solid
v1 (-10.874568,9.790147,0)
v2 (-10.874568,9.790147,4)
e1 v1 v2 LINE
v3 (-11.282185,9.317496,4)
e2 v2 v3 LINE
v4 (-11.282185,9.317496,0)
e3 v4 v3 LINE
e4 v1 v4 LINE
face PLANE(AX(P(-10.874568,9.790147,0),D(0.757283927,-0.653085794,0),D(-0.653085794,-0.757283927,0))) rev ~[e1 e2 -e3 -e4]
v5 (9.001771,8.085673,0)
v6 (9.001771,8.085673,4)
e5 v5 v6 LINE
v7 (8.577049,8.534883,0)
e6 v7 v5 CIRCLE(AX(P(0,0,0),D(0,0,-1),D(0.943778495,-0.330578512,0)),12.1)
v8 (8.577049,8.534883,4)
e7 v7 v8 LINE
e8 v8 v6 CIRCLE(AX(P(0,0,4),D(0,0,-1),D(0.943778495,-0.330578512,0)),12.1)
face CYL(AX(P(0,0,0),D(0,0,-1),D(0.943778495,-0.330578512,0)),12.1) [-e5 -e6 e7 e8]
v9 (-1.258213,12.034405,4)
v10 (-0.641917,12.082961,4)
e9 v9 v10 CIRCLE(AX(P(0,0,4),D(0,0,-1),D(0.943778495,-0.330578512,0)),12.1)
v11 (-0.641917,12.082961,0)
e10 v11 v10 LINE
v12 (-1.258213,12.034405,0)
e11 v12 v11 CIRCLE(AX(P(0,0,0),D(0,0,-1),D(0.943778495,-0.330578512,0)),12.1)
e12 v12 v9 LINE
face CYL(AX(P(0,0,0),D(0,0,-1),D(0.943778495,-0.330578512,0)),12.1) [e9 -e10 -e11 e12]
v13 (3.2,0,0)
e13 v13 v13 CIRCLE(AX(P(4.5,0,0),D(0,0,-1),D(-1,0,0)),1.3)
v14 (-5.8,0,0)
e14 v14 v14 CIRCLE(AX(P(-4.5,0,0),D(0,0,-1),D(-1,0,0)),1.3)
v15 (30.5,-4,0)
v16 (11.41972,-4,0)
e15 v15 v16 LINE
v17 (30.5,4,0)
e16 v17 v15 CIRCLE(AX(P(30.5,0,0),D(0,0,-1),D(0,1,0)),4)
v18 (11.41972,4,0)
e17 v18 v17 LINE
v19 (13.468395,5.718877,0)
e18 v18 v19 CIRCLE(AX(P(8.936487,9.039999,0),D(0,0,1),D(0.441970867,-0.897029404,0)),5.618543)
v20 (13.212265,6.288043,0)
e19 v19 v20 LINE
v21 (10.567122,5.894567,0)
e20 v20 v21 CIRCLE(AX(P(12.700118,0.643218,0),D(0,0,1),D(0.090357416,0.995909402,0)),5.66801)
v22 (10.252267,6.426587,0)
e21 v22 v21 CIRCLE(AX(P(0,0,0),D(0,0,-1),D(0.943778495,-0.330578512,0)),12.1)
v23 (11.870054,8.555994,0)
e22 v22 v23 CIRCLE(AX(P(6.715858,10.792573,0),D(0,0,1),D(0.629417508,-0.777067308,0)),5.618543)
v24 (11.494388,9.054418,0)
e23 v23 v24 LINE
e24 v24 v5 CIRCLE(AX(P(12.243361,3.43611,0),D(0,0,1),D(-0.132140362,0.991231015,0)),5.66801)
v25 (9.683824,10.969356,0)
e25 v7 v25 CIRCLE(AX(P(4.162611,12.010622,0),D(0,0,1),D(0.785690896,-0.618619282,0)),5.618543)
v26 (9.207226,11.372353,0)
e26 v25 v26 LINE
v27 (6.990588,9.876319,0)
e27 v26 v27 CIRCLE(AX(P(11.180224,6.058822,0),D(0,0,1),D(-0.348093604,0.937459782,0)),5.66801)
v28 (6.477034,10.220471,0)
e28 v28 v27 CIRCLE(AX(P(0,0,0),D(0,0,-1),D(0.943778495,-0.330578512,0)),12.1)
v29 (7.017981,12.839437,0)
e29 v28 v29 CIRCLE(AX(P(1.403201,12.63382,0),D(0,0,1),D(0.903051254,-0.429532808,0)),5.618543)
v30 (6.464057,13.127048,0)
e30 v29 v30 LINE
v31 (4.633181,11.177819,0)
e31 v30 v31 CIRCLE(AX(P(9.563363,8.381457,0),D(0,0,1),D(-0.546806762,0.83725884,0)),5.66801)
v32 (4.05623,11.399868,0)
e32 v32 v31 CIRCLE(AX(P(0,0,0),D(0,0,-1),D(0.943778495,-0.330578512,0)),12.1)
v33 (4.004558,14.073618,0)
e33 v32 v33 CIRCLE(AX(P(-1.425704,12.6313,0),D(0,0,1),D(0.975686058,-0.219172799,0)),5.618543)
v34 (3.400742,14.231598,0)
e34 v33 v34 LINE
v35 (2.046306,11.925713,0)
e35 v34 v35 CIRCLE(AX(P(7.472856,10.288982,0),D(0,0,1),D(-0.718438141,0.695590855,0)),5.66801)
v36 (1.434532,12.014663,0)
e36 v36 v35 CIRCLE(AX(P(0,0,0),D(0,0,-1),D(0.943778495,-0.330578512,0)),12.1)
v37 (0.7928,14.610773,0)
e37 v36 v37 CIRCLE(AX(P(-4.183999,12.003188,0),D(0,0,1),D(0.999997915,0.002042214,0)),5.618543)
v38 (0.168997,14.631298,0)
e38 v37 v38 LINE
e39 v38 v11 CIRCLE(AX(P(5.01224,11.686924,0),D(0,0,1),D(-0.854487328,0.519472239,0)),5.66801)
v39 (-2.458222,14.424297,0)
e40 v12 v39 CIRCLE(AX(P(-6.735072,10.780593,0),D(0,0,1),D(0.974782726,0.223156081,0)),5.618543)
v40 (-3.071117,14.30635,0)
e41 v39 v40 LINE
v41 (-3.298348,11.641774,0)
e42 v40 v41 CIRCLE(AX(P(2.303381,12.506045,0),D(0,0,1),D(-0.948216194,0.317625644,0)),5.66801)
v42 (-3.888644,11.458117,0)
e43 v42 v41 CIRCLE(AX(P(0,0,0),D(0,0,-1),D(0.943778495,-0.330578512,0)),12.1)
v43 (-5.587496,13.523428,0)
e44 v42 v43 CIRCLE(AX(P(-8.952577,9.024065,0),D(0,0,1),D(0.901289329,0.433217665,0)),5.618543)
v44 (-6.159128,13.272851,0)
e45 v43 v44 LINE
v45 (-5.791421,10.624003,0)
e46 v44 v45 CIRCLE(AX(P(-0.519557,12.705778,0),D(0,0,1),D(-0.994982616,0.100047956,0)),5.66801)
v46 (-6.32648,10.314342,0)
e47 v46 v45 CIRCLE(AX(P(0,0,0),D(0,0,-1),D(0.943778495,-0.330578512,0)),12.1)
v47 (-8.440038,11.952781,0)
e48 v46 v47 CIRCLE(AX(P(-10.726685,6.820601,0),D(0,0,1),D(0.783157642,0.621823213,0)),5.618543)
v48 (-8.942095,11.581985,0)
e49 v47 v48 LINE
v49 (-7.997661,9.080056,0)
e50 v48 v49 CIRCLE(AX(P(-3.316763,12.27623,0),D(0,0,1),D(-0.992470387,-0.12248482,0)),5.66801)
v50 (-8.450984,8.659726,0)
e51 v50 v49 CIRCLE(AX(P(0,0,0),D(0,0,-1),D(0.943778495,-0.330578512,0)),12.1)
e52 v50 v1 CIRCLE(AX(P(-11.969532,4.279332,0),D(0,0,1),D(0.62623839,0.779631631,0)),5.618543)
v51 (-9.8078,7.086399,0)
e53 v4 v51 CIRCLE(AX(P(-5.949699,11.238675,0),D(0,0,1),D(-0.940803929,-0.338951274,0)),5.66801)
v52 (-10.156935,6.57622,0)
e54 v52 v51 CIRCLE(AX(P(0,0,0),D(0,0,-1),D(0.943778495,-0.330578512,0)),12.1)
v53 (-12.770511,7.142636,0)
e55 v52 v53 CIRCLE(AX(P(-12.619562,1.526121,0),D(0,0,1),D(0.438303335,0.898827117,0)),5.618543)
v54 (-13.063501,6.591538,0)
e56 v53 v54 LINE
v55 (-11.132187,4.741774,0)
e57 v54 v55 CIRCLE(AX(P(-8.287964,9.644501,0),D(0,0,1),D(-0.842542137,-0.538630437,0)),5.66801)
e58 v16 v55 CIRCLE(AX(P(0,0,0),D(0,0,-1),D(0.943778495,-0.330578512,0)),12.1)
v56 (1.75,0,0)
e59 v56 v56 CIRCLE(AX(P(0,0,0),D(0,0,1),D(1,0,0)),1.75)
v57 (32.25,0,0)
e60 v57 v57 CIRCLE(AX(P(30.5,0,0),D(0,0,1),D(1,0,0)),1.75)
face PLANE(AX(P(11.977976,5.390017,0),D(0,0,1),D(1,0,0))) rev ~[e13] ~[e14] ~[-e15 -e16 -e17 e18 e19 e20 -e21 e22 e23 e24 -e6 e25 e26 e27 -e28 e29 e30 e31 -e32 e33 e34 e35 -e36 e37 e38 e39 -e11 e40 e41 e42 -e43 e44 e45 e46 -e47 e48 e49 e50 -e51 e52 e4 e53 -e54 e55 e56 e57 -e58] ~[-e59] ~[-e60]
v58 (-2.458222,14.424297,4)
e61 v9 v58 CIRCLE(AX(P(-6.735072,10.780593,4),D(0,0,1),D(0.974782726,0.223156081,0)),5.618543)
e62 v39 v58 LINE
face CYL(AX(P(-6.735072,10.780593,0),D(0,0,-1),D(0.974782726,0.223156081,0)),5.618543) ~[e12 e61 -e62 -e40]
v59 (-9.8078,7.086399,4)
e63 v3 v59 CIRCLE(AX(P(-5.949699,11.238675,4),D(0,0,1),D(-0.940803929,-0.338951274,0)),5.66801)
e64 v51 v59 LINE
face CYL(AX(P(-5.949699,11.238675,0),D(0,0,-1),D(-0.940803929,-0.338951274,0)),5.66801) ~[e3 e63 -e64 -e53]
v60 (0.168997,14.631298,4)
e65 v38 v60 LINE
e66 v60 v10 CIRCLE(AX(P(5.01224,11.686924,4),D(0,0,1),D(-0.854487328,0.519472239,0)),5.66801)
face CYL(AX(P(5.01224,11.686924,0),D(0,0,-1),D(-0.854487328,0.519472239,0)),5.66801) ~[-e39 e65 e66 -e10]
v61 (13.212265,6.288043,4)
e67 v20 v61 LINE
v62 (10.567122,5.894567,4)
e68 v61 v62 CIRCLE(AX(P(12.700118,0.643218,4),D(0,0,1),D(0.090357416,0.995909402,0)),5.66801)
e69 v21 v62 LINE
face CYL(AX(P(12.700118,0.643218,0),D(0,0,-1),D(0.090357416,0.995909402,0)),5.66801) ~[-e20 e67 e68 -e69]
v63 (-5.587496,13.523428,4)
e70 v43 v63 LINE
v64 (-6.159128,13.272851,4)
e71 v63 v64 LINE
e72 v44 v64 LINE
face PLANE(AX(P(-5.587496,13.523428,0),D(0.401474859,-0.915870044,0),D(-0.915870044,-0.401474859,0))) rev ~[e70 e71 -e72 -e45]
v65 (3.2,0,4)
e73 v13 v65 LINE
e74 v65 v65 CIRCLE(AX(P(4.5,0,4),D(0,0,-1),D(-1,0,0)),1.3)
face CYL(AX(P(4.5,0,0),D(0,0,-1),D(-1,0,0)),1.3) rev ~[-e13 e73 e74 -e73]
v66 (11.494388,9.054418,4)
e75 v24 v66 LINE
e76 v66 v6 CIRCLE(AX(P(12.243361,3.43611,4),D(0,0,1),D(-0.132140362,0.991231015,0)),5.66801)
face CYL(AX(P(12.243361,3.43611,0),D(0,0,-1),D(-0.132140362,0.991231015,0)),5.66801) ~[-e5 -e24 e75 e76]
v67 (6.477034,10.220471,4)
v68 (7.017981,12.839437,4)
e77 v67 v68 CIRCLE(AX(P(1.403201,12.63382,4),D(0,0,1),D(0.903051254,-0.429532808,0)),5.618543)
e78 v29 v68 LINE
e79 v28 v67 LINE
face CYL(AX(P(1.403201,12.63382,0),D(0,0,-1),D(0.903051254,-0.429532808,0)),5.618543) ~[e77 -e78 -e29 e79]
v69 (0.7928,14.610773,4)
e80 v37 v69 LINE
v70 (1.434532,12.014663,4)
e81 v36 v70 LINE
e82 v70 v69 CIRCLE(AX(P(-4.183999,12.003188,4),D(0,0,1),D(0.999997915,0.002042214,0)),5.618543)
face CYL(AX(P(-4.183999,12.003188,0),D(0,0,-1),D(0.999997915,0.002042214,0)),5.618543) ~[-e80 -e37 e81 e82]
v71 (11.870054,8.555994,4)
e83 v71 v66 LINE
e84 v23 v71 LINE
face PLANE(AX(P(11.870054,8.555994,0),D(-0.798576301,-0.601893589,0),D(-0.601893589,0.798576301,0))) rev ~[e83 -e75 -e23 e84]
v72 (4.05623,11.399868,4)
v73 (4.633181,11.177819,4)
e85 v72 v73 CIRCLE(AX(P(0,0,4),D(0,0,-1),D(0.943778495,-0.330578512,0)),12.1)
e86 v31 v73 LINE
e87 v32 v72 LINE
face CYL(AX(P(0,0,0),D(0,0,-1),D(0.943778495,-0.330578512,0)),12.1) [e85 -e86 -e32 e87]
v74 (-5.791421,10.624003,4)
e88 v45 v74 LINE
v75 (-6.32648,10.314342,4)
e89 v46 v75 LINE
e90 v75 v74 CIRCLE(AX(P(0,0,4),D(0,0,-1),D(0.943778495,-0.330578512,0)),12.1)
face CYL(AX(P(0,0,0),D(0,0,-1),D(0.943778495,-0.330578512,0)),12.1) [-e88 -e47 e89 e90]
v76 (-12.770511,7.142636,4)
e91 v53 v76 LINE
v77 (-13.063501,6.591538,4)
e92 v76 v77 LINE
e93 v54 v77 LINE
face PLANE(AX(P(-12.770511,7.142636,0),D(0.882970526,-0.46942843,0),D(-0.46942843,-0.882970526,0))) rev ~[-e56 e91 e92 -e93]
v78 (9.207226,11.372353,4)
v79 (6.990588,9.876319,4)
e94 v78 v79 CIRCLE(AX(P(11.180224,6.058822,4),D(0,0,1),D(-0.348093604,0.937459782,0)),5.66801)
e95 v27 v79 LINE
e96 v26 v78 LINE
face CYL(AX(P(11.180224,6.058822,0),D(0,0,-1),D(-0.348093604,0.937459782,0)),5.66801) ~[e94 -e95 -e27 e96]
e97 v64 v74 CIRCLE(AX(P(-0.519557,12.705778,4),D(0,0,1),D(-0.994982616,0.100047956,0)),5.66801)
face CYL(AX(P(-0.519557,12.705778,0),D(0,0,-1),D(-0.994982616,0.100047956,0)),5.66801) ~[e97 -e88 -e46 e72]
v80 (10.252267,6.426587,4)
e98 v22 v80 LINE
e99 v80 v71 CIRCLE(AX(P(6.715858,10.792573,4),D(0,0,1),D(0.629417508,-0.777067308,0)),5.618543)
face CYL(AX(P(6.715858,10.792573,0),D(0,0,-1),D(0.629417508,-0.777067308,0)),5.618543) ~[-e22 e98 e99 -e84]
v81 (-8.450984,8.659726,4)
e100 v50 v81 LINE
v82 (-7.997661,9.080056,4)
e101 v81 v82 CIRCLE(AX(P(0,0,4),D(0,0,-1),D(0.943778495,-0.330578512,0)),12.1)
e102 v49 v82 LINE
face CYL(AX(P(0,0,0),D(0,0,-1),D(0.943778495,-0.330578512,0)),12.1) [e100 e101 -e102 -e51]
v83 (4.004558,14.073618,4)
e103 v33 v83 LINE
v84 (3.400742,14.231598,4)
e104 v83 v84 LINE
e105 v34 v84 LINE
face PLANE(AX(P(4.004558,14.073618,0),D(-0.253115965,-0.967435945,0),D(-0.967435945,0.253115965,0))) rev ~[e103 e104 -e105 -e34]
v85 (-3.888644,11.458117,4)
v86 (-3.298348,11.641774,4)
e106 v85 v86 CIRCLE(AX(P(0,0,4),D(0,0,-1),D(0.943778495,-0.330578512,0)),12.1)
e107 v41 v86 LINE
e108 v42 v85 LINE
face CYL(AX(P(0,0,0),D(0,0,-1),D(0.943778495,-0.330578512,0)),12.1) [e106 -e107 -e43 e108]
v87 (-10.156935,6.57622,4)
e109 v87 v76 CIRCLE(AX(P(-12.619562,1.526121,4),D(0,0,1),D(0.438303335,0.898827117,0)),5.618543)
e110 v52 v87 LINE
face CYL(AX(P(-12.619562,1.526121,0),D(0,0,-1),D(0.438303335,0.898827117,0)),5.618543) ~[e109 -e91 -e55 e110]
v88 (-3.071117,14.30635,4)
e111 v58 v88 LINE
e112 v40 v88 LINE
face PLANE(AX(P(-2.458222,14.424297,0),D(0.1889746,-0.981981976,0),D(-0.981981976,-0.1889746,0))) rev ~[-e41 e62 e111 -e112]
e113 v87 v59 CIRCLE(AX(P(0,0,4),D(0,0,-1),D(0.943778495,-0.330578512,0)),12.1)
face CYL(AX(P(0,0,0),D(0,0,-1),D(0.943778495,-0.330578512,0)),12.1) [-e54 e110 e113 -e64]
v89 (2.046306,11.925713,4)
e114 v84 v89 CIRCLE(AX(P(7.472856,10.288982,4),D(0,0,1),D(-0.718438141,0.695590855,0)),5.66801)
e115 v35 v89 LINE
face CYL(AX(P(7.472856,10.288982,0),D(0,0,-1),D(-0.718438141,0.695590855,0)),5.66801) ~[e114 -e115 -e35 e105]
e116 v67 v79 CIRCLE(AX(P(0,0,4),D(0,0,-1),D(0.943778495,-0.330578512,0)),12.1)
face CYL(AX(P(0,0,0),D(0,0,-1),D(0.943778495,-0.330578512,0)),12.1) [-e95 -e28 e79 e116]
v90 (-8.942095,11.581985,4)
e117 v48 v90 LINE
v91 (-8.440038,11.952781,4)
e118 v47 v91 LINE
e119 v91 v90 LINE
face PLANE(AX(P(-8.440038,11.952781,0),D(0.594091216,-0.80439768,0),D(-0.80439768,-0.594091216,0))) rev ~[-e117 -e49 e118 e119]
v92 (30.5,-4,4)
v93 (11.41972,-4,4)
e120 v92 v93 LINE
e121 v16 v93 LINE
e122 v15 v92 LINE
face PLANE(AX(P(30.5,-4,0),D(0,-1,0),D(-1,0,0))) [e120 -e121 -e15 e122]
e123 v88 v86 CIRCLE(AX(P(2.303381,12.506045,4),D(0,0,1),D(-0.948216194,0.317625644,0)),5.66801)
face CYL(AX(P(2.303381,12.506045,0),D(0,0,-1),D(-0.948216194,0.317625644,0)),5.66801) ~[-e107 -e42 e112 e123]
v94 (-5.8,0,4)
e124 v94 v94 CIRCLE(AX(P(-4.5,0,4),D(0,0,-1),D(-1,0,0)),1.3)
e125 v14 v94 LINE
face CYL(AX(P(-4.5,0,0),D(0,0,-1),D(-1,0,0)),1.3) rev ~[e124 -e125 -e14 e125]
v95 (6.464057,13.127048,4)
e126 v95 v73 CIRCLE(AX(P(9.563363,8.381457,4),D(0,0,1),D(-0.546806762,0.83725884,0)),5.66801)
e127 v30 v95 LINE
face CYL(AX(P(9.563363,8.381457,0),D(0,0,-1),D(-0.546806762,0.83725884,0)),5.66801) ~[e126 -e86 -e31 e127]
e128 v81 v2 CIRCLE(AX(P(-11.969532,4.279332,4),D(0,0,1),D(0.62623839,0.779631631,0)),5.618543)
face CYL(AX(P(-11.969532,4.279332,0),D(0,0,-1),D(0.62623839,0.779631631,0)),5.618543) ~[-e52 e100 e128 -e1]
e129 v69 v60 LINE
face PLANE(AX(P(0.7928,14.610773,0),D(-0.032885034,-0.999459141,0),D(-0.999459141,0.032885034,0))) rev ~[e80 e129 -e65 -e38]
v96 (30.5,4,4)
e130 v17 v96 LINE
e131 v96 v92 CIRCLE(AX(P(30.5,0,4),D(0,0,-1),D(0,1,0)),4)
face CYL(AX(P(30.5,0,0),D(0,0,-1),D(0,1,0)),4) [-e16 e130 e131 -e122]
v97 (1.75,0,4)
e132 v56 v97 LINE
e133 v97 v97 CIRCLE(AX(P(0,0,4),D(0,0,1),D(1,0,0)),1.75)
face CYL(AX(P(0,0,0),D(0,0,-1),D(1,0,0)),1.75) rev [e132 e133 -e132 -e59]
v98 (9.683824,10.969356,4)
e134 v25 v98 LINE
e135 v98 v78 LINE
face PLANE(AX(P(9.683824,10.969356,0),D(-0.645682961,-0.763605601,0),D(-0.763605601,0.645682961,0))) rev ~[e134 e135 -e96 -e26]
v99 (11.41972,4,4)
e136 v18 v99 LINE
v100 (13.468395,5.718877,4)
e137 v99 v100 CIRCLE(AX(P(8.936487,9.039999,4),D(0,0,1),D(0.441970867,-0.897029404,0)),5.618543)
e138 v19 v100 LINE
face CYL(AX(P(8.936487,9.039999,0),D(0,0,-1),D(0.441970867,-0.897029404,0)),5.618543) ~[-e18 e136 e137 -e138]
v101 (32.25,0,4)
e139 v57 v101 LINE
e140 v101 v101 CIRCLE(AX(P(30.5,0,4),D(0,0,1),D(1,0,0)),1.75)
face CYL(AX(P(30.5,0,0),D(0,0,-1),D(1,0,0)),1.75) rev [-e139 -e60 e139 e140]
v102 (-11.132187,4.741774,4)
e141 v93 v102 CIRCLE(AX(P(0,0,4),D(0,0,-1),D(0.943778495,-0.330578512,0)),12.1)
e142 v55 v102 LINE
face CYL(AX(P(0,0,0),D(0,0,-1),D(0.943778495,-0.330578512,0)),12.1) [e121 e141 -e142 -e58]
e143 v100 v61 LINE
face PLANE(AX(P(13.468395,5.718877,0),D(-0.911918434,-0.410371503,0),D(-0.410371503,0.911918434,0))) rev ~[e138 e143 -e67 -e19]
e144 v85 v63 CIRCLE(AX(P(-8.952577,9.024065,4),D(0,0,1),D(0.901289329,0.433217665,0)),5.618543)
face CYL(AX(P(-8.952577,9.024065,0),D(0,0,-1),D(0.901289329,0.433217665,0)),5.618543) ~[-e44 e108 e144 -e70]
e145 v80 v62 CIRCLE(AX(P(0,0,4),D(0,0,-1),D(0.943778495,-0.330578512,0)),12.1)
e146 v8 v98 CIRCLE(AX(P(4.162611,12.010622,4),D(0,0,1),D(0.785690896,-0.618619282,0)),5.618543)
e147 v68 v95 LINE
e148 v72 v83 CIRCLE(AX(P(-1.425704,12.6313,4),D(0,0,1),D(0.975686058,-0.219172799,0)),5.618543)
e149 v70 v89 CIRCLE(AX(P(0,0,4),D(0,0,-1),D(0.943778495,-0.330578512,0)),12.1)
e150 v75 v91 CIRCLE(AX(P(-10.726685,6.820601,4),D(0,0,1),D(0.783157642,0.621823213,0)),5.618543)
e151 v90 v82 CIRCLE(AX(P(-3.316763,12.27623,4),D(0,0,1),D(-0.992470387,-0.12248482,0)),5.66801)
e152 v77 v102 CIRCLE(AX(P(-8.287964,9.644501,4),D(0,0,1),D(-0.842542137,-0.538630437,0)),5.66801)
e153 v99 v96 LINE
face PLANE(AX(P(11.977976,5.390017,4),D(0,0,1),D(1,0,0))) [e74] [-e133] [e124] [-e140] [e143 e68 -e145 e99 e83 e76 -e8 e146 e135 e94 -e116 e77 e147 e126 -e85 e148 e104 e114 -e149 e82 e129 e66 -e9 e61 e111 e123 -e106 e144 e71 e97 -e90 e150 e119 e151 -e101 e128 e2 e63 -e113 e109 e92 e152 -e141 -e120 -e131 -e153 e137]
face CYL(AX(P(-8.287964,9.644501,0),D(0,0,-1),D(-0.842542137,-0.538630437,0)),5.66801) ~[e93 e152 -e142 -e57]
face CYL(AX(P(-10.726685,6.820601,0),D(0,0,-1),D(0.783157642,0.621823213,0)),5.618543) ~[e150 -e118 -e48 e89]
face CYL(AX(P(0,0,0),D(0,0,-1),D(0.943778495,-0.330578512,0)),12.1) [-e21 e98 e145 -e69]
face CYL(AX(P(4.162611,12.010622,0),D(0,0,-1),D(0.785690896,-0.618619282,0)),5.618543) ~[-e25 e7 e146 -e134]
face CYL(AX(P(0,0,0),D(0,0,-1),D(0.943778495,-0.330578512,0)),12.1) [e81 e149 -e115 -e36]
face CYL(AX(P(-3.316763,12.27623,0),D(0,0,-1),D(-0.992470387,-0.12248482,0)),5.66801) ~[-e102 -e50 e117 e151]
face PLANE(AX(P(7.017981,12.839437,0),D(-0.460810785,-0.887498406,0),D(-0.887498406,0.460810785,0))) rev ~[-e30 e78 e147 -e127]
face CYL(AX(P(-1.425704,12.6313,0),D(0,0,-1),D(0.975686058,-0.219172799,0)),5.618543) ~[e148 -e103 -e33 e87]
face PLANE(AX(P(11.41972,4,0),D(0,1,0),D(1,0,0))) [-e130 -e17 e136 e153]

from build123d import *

# Parameters (mm, degrees)
SKETCH1_R           = 1.75
BOSS_EXTRUDE2_DEPTH = 4
SKETCH2_R           = 1.3
CUT_EXTRUDE1_DEPTH  = 10


with BuildPart() as part:
    # Sketch1 → Boss-Extrude2 (new body)
    # profile 1 of 12: a face of its own
    with BuildSketch(Plane.XY):
        with BuildLine():
            Line((30.5, -4), (11.419719786, -4))
            ThreePointArc((11.419719786, -4), (-12.1, 0), (11.419719786, 4))
            Line((11.419719786, 4), (30.5, 4))
            ThreePointArc((30.5, 4), (34.5, 0), (30.5, -4))
        make_face()
        Circle(SKETCH1_R, mode=Mode.SUBTRACT)
        with Locations((30.5, 0)):
            Circle(SKETCH1_R, mode=Mode.SUBTRACT)
    # profile 2 of 12: a face of its own
    with BuildSketch(Plane.XY):
        with BuildLine():
            ThreePointArc((2.04630572, 11.925713098), (3.062574606, 11.706008576), (4.056229837, 11.399868399))
            ThreePointArc((4.056229837, 11.399868399), (4.191789848, 12.739862338), (4.004557713, 14.073618088))
            Line((4.004557713, 14.073618088), (3.400741544, 14.231598069))
            ThreePointArc((3.400741544, 14.231598069), (2.585583316, 13.159679272), (2.04630572, 11.925713098))
        make_face()
    # profile 3 of 12: a face of its own
    with BuildSketch(Plane.XY):
        with BuildLine():
            ThreePointArc((-0.641917286, 12.082960821), (0.397776079, 12.093459976), (1.434532317, 12.014662585))
            ThreePointArc((1.434532317, 12.014662585), (1.27037575, 13.351454601), (0.792800193, 14.610772615))
            Line((0.792800193, 14.610772615), (0.168997044, 14.631297504))
            ThreePointArc((0.168997044, 14.631297504), (-0.388904138, 13.405638858), (-0.641917286, 12.082960821))
        make_face()
    # profile 4 of 12: a face of its own
    with BuildSketch(Plane.XY):
        with BuildLine():
            ThreePointArc((-3.071117398, 14.306350498), (-3.344130279, 12.987655382), (-3.298347959, 11.641773952))
            ThreePointArc((-3.298347959, 11.641773952), (-2.286723162, 11.881956791), (-1.258213497, 12.034404796))
            ThreePointArc((-1.258213497, 12.034404796), (-1.713956435, 13.301787393), (-2.458222459, 14.424297241))
            Line((-2.458222459, 14.424297241), (-3.071117398, 14.306350498))
        make_face()
    # profile 5 of 12: a face of its own
    with BuildSketch(Plane.XY):
        with BuildLine():
            ThreePointArc((-6.159128153, 13.272850751), (-6.133731183, 11.926430371), (-5.791420864, 10.624003218))
            ThreePointArc((-5.791420864, 10.624003218), (-4.857967527, 11.08197417), (-3.888643585, 11.458117257))
            ThreePointArc((-3.888643585, 11.458117257), (-4.613401246, 12.593320589), (-5.587496363, 13.523427559))
            Line((-5.587496363, 13.523427559), (-6.159128153, 13.272850751))
        make_face()
    # profile 6 of 12: a face of its own
    with BuildSketch(Plane.XY):
        with BuildLine():
            ThreePointArc((-8.942094855, 11.581984556), (-8.619545875, 10.274523276), (-7.997661209, 9.080055902))
            ThreePointArc((-7.997661209, 9.080055902), (-7.188610613, 9.733132972), (-6.326480245, 10.314341845))
            ThreePointArc((-6.326480245, 10.314341845), (-7.28435745, 11.261142529), (-8.440037507, 11.952781076))
            Line((-8.440037507, 11.952781076), (-8.942094855, 11.581984556))
        make_face()
    # profile 7 of 12: a face of its own
    with BuildSketch(Plane.XY):
        with BuildLine():
            ThreePointArc((-11.2821851, 9.317495695), (-10.67845904, 8.113748343), (-9.807800202, 7.086399311))
            ThreePointArc((-9.807800202, 7.086399311), (-9.163222316, 7.902237454), (-8.450984381, 8.659726496))
            ThreePointArc((-8.450984381, 8.659726496), (-9.594540202, 9.371232193), (-10.874567661, 9.790147432))
            Line((-10.874567661, 9.790147432), (-11.2821851, 9.317495695))
        make_face()
    # profile 8 of 12: a face of its own
    with BuildSketch(Plane.XY):
        with BuildLine():
            ThreePointArc((-13.06350089, 6.591537844), (-12.208498581, 5.551122593), (-11.13218682, 4.741773571))
            ThreePointArc((-11.13218682, 4.741773571), (-10.684005749, 5.67996665), (-10.15693536, 6.576219589))
            ThreePointArc((-10.15693536, 6.576219589), (-11.42953274, 7.017191451), (-12.770511491, 7.142635705))
            Line((-12.770511491, 7.142635705), (-13.06350089, 6.591537844))
        make_face()
    # profile 9 of 12: a face of its own
    with BuildSketch(Plane.XY):
        with BuildLine():
            ThreePointArc((4.633181039, 11.177818815), (5.575692546, 10.738791954), (6.47703386, 10.22047124))
            ThreePointArc((6.47703386, 10.22047124), (6.905596548, 11.497301024), (7.017980909, 12.839437391))
            Line((7.017980909, 12.839437391), (6.464057014, 13.127048167))
            ThreePointArc((6.464057014, 13.127048167), (5.432014202, 12.2619583), (4.633181039, 11.177818815))
        make_face()
    # profile 10 of 12: a face of its own
    with BuildSketch(Plane.XY):
        with BuildLine():
            ThreePointArc((6.990588114, 9.876319042), (7.812662335, 9.239713591), (8.577048867, 8.534883288))
            ThreePointArc((8.577048867, 8.534883288), (9.277388744, 9.685311177), (9.683823524, 10.969355975))
            Line((9.683823524, 10.969355975), (9.207226173, 11.372353004))
            ThreePointArc((9.207226173, 11.372353004), (8.009412915, 10.7569375), (6.990588114, 9.876319042))
        make_face()
    # profile 11 of 12: a face of its own
    with BuildSketch(Plane.XY):
        with BuildLine():
            ThreePointArc((9.001771295, 8.085673352), (9.662693238, 7.283018563), (10.252267103, 6.426586905))
            ThreePointArc((10.252267103, 6.426586905), (11.189698333, 7.393635488), (11.870053976, 8.555993639))
            Line((11.870053976, 8.555993639), (11.494387677, 9.054417628))
            ThreePointArc((11.494387677, 9.054417628), (10.190128247, 8.719156263), (9.001771295, 8.085673352))
        make_face()
    # profile 12 of 12: a face of its own
    with BuildSketch(Plane.XY):
        with BuildLine():
            ThreePointArc((10.567122415, 5.894567319), (11.034158501, 4.965616394), (11.419719786, 4))
            ThreePointArc((11.419719786, 4), (12.547814073, 4.735774119), (13.468394505, 5.718877338))
            Line((13.468394505, 5.718877338), (13.212264939, 6.288042768))
            ThreePointArc((13.212264939, 6.288042768), (11.866155587, 6.249540081), (10.567122415, 5.894567319))
        make_face()
    extrude(amount=BOSS_EXTRUDE2_DEPTH)

    # Sketch2 → Cut-Extrude1 (cut)
    with BuildSketch(Plane(origin=(0, 0, 0), x_dir=(-1, 0, 0), z_dir=(0, 0, -1))):
        with Locations((4.5, 0)):
            Circle(SKETCH2_R)
        with Locations((-4.5, 0)):
            Circle(SKETCH2_R)
    extrude(amount=-CUT_EXTRUDE1_DEPTH, mode=Mode.SUBTRACT)


solid = part.part
